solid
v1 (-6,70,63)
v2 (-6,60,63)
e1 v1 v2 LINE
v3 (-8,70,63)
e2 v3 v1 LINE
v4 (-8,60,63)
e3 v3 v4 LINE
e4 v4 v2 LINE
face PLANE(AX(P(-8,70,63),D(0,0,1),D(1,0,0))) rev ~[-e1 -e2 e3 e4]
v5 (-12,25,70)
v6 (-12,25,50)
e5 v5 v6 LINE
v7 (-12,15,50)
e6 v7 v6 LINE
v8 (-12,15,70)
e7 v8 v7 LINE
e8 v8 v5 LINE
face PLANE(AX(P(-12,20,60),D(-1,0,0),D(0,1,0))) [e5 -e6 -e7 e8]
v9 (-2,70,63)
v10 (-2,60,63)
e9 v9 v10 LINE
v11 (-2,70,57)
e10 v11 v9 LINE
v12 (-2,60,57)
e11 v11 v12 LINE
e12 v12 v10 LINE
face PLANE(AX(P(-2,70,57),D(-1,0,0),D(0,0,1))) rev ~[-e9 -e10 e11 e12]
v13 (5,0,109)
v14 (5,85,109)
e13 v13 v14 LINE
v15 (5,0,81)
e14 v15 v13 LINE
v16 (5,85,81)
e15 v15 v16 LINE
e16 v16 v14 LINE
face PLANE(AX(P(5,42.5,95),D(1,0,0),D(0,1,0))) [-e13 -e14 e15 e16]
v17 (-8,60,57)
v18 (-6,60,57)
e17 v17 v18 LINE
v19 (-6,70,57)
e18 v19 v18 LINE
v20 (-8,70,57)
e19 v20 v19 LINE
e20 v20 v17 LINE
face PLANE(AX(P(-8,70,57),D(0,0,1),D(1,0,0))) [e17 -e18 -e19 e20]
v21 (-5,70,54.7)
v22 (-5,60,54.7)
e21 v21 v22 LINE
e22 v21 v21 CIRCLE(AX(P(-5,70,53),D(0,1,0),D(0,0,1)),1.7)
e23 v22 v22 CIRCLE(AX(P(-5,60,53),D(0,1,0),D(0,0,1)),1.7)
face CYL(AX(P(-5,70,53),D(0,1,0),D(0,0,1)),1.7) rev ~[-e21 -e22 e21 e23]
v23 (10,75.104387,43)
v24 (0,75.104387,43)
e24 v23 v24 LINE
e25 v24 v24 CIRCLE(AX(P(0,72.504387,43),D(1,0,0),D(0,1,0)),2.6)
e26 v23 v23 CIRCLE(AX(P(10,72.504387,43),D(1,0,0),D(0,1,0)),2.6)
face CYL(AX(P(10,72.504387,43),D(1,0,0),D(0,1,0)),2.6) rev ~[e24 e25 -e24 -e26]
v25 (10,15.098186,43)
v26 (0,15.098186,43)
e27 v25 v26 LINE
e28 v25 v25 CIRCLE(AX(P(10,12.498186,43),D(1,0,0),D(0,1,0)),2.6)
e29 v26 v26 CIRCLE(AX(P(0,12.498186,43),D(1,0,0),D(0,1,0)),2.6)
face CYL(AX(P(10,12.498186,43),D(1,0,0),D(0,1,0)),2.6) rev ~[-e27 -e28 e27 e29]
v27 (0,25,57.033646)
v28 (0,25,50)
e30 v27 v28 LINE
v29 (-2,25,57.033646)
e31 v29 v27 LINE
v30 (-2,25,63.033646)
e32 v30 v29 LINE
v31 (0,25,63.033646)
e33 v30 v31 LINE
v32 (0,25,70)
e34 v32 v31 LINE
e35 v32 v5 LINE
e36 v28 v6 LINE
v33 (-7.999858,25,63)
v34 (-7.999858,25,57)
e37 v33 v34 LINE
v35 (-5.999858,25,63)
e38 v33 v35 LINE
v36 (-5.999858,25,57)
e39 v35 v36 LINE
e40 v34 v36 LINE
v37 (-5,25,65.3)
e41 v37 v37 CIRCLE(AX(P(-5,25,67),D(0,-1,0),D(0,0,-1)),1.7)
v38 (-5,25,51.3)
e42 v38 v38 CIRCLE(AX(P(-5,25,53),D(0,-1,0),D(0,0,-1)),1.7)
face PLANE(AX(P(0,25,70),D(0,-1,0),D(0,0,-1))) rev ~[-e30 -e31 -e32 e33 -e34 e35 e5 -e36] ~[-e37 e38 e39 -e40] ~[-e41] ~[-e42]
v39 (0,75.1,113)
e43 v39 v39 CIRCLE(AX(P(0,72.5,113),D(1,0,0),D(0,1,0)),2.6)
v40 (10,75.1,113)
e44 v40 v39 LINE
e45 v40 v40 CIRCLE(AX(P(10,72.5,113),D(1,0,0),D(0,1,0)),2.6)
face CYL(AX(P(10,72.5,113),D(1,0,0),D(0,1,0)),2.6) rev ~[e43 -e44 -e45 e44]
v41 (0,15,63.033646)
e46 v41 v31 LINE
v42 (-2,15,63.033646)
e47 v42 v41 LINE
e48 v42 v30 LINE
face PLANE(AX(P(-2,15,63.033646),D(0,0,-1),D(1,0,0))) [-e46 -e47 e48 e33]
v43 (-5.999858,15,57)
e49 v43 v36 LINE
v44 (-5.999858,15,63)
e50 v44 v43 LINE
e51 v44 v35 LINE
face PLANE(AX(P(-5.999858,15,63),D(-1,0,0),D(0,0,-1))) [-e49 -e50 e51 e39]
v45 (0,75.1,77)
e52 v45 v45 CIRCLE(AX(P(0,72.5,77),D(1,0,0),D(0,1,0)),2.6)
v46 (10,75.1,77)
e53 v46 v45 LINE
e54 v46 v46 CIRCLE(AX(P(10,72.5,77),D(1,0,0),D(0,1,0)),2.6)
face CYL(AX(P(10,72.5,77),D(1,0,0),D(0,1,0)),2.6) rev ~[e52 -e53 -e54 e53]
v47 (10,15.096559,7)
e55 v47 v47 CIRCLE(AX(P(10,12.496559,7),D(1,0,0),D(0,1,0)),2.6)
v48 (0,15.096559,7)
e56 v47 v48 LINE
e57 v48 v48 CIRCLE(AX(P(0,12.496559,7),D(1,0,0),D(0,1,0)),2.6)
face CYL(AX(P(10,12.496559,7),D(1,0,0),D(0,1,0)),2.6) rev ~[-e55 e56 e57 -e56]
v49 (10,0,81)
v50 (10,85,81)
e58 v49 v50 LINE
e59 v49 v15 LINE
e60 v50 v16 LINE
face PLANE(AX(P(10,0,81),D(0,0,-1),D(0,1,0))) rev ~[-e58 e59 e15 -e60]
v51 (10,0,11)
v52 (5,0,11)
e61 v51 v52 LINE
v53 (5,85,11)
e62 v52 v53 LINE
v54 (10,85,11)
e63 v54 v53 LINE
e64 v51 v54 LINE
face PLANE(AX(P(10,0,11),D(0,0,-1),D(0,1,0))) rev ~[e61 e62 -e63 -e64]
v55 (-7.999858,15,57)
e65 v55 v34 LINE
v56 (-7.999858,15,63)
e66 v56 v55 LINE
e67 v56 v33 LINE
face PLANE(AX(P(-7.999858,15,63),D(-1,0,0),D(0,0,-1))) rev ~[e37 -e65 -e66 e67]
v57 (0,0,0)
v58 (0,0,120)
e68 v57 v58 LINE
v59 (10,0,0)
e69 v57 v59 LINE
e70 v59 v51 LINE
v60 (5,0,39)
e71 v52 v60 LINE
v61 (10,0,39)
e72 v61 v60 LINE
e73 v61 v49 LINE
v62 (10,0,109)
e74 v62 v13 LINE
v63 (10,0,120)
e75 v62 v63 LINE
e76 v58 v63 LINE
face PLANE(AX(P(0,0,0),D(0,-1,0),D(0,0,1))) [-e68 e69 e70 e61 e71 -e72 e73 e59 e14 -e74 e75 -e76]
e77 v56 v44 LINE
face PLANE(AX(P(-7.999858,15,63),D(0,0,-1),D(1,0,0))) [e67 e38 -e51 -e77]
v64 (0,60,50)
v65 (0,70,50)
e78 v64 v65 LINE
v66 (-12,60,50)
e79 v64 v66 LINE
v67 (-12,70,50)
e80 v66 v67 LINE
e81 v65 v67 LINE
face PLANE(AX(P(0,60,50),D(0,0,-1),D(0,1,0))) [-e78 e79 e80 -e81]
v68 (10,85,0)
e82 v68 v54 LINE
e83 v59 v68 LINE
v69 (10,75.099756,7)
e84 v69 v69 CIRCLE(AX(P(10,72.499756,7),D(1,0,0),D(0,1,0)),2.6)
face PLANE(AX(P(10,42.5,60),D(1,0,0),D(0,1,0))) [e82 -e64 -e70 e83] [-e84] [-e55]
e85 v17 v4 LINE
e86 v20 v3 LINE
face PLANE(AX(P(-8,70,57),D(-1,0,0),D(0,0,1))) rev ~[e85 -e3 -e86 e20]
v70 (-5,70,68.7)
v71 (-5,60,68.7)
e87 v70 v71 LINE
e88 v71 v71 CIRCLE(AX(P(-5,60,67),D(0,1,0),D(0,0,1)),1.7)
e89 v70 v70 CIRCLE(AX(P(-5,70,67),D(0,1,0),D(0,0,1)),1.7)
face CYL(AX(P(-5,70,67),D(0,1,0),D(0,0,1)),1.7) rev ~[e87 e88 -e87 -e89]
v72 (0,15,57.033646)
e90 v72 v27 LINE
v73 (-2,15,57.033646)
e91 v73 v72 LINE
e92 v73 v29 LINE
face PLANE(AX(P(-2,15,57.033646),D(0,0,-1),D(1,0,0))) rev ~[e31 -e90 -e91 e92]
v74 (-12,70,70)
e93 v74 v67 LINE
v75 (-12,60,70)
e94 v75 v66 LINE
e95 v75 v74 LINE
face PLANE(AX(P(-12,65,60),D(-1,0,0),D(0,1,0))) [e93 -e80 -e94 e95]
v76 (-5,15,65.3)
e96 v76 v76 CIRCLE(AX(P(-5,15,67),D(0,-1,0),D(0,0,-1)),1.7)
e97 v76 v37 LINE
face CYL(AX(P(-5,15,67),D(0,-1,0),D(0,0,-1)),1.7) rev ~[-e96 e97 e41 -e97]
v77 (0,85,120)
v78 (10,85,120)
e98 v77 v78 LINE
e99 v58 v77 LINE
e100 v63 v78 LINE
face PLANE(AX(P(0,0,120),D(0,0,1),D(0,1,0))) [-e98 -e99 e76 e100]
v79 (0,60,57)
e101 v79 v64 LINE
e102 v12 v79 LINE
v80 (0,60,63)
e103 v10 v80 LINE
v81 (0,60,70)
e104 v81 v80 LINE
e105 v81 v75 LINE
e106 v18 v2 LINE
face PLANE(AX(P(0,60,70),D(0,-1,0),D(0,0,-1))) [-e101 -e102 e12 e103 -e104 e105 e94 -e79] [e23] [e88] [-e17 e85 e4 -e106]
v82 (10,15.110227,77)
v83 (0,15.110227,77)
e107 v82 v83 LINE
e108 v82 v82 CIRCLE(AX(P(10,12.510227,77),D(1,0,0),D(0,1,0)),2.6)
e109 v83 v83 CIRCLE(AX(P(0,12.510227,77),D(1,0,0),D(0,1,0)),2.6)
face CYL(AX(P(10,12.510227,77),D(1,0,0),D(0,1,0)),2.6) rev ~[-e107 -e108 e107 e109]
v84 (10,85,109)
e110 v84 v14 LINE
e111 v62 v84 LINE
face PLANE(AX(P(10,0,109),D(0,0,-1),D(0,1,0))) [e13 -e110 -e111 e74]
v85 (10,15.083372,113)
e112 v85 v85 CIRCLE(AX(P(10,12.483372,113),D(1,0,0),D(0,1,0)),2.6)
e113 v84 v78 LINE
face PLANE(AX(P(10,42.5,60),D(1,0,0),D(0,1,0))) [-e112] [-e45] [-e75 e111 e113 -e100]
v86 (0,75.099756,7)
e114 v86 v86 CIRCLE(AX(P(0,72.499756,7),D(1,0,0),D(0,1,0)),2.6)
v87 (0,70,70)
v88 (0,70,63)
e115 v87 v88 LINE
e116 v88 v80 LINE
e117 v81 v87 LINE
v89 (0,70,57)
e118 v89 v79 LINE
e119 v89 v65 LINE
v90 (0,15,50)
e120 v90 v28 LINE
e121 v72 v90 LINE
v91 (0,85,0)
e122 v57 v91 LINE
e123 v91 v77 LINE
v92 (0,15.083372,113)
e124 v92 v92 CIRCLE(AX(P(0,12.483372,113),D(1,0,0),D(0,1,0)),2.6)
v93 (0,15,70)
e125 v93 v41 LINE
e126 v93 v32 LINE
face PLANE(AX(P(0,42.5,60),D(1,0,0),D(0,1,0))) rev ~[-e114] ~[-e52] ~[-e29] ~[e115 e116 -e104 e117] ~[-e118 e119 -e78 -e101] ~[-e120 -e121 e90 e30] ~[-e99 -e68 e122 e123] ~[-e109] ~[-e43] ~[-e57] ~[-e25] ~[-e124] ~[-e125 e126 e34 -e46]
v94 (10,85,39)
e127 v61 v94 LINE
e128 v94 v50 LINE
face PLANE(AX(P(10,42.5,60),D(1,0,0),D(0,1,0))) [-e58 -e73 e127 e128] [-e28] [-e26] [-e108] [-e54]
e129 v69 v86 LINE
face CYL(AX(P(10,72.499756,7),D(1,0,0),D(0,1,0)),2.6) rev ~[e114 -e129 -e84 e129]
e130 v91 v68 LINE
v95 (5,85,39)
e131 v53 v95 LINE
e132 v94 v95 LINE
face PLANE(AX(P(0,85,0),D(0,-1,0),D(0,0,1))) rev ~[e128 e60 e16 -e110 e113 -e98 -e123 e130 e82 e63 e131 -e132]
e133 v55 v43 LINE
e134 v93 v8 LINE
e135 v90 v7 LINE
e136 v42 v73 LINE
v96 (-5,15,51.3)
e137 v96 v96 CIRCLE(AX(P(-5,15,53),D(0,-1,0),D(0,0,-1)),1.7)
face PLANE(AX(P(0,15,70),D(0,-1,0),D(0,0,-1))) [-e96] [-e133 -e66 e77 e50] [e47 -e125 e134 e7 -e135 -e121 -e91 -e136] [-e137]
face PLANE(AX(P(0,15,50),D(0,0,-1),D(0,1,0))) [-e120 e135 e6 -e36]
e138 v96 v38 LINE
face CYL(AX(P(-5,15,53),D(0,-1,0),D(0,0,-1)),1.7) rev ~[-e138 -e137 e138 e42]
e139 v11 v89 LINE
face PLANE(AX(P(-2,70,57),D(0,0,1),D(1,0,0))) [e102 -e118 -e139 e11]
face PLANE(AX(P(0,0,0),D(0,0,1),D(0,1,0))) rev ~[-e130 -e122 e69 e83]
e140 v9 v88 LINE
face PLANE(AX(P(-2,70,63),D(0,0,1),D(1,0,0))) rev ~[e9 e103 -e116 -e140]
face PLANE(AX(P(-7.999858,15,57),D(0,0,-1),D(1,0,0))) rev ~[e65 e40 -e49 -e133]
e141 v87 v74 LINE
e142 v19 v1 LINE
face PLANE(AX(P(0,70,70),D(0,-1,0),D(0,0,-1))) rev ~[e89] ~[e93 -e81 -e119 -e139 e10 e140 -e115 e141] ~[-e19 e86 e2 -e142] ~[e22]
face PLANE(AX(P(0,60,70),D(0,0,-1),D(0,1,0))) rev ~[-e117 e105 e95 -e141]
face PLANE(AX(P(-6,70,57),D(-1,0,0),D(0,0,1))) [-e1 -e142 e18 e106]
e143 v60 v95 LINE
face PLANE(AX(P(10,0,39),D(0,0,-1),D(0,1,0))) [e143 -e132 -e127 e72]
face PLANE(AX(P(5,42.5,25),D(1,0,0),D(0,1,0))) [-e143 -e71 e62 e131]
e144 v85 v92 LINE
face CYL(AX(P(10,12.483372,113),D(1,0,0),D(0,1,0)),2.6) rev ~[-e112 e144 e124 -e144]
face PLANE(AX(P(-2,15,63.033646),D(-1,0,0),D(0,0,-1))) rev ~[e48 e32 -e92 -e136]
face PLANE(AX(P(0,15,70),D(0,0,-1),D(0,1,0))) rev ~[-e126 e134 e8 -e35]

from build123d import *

# Parameters (mm, degrees)
SKETCH_W        = 85
SKETCH_H        = 120
PAD_DEPTH       = 10
SKETCH001_R     = 2.6
POCKET_DEPTH    = 10
SKETCH002_W     = 85
SKETCH002_H     = 28
POCKET001_DEPTH = 5
SKETCH003_W     = 10
SKETCH003_H     = 20
PAD001_DEPTH    = 12
SKETCH004_R     = 1.7
SKETCH004_W     = 6
SKETCH004_H     = 2
POCKET002_DEPTH = 10
SKETCH005_R     = 1.7
SKETCH005_W     = 6
SKETCH005_H     = 2
POCKET003_DEPTH = 10


with BuildPart() as part:
    # Sketch → Pad (new body)
    with BuildSketch(Plane.YZ):
        with Locations((42.5, 60)):
            Rectangle(SKETCH_W, SKETCH_H)
    extrude(amount=PAD_DEPTH)

    # Sketch001 (on Face6 of Pad) → Pocket (cut)
    with BuildSketch(Plane.YZ.offset(10)):
        with Locations((12.496559, 7)):
            Circle(SKETCH001_R)
        with Locations((72.499756, 7)):
            Circle(SKETCH001_R)
        with Locations((12.498186, 43)):
            Circle(SKETCH001_R)
        with Locations((72.504387, 43)):
            Circle(SKETCH001_R)
        with Locations((12.483372, 113)):
            Circle(SKETCH001_R)
        with Locations((72.5, 113)):
            Circle(SKETCH001_R)
        with Locations((72.5, 77)):
            Circle(SKETCH001_R)
        with Locations((12.510227, 77)):
            Circle(SKETCH001_R)
    extrude(amount=-POCKET_DEPTH, mode=Mode.SUBTRACT)

    # Sketch002 (on Face5 of Pocket) → Pocket001 (cut)
    with BuildSketch(Plane.YZ.offset(10)):
        with Locations((42.5, 25)):
            Rectangle(SKETCH002_W, SKETCH002_H)
        with Locations((42.5, 95)):
            Rectangle(SKETCH002_W, SKETCH002_H)
    extrude(amount=-POCKET001_DEPTH, mode=Mode.SUBTRACT)

    # Sketch003 (on Face4 of Pocket001) → Pad001 (join)
    with BuildSketch(Plane(origin=(0, 0, 0), x_dir=(0, 1, 0), z_dir=(-1, 0, 0))):
        with Locations((20, -60)):
            Rectangle(SKETCH003_W, SKETCH003_H)
        with Locations((65, -60)):
            Rectangle(SKETCH003_W, SKETCH003_H)
    extrude(amount=PAD001_DEPTH)

    # Sketch004 (on Face28 of Pad001) → Pocket002 (cut)
    with BuildSketch(Plane(origin=(0, 15, 0), x_dir=(0, 0, -1), z_dir=(0, -1, 0))):
        with Locations((-67, -5)):
            Circle(SKETCH004_R)
        with Locations((-53, -5)):
            Circle(SKETCH004_R)
        with Locations((-60.033646, -1)):
            Rectangle(SKETCH004_W, SKETCH004_H)
        with Locations((-60, -6.999858)):
            Rectangle(SKETCH004_W, SKETCH004_H)
    extrude(amount=-POCKET002_DEPTH, mode=Mode.SUBTRACT)

    # Sketch005 (on Face19 of Pocket002) → Pocket003 (cut)
    with BuildSketch(Plane.ZX.offset(70)):
        with Locations((53, -5)):
            Circle(SKETCH005_R)
        with Locations((67, -5)):
            Circle(SKETCH005_R)
        with Locations((60, -1)):
            Rectangle(SKETCH005_W, SKETCH005_H)
        with Locations((60, -7)):
            Rectangle(SKETCH005_W, SKETCH005_H)
    extrude(amount=-POCKET003_DEPTH, mode=Mode.SUBTRACT)


solid = part.part
